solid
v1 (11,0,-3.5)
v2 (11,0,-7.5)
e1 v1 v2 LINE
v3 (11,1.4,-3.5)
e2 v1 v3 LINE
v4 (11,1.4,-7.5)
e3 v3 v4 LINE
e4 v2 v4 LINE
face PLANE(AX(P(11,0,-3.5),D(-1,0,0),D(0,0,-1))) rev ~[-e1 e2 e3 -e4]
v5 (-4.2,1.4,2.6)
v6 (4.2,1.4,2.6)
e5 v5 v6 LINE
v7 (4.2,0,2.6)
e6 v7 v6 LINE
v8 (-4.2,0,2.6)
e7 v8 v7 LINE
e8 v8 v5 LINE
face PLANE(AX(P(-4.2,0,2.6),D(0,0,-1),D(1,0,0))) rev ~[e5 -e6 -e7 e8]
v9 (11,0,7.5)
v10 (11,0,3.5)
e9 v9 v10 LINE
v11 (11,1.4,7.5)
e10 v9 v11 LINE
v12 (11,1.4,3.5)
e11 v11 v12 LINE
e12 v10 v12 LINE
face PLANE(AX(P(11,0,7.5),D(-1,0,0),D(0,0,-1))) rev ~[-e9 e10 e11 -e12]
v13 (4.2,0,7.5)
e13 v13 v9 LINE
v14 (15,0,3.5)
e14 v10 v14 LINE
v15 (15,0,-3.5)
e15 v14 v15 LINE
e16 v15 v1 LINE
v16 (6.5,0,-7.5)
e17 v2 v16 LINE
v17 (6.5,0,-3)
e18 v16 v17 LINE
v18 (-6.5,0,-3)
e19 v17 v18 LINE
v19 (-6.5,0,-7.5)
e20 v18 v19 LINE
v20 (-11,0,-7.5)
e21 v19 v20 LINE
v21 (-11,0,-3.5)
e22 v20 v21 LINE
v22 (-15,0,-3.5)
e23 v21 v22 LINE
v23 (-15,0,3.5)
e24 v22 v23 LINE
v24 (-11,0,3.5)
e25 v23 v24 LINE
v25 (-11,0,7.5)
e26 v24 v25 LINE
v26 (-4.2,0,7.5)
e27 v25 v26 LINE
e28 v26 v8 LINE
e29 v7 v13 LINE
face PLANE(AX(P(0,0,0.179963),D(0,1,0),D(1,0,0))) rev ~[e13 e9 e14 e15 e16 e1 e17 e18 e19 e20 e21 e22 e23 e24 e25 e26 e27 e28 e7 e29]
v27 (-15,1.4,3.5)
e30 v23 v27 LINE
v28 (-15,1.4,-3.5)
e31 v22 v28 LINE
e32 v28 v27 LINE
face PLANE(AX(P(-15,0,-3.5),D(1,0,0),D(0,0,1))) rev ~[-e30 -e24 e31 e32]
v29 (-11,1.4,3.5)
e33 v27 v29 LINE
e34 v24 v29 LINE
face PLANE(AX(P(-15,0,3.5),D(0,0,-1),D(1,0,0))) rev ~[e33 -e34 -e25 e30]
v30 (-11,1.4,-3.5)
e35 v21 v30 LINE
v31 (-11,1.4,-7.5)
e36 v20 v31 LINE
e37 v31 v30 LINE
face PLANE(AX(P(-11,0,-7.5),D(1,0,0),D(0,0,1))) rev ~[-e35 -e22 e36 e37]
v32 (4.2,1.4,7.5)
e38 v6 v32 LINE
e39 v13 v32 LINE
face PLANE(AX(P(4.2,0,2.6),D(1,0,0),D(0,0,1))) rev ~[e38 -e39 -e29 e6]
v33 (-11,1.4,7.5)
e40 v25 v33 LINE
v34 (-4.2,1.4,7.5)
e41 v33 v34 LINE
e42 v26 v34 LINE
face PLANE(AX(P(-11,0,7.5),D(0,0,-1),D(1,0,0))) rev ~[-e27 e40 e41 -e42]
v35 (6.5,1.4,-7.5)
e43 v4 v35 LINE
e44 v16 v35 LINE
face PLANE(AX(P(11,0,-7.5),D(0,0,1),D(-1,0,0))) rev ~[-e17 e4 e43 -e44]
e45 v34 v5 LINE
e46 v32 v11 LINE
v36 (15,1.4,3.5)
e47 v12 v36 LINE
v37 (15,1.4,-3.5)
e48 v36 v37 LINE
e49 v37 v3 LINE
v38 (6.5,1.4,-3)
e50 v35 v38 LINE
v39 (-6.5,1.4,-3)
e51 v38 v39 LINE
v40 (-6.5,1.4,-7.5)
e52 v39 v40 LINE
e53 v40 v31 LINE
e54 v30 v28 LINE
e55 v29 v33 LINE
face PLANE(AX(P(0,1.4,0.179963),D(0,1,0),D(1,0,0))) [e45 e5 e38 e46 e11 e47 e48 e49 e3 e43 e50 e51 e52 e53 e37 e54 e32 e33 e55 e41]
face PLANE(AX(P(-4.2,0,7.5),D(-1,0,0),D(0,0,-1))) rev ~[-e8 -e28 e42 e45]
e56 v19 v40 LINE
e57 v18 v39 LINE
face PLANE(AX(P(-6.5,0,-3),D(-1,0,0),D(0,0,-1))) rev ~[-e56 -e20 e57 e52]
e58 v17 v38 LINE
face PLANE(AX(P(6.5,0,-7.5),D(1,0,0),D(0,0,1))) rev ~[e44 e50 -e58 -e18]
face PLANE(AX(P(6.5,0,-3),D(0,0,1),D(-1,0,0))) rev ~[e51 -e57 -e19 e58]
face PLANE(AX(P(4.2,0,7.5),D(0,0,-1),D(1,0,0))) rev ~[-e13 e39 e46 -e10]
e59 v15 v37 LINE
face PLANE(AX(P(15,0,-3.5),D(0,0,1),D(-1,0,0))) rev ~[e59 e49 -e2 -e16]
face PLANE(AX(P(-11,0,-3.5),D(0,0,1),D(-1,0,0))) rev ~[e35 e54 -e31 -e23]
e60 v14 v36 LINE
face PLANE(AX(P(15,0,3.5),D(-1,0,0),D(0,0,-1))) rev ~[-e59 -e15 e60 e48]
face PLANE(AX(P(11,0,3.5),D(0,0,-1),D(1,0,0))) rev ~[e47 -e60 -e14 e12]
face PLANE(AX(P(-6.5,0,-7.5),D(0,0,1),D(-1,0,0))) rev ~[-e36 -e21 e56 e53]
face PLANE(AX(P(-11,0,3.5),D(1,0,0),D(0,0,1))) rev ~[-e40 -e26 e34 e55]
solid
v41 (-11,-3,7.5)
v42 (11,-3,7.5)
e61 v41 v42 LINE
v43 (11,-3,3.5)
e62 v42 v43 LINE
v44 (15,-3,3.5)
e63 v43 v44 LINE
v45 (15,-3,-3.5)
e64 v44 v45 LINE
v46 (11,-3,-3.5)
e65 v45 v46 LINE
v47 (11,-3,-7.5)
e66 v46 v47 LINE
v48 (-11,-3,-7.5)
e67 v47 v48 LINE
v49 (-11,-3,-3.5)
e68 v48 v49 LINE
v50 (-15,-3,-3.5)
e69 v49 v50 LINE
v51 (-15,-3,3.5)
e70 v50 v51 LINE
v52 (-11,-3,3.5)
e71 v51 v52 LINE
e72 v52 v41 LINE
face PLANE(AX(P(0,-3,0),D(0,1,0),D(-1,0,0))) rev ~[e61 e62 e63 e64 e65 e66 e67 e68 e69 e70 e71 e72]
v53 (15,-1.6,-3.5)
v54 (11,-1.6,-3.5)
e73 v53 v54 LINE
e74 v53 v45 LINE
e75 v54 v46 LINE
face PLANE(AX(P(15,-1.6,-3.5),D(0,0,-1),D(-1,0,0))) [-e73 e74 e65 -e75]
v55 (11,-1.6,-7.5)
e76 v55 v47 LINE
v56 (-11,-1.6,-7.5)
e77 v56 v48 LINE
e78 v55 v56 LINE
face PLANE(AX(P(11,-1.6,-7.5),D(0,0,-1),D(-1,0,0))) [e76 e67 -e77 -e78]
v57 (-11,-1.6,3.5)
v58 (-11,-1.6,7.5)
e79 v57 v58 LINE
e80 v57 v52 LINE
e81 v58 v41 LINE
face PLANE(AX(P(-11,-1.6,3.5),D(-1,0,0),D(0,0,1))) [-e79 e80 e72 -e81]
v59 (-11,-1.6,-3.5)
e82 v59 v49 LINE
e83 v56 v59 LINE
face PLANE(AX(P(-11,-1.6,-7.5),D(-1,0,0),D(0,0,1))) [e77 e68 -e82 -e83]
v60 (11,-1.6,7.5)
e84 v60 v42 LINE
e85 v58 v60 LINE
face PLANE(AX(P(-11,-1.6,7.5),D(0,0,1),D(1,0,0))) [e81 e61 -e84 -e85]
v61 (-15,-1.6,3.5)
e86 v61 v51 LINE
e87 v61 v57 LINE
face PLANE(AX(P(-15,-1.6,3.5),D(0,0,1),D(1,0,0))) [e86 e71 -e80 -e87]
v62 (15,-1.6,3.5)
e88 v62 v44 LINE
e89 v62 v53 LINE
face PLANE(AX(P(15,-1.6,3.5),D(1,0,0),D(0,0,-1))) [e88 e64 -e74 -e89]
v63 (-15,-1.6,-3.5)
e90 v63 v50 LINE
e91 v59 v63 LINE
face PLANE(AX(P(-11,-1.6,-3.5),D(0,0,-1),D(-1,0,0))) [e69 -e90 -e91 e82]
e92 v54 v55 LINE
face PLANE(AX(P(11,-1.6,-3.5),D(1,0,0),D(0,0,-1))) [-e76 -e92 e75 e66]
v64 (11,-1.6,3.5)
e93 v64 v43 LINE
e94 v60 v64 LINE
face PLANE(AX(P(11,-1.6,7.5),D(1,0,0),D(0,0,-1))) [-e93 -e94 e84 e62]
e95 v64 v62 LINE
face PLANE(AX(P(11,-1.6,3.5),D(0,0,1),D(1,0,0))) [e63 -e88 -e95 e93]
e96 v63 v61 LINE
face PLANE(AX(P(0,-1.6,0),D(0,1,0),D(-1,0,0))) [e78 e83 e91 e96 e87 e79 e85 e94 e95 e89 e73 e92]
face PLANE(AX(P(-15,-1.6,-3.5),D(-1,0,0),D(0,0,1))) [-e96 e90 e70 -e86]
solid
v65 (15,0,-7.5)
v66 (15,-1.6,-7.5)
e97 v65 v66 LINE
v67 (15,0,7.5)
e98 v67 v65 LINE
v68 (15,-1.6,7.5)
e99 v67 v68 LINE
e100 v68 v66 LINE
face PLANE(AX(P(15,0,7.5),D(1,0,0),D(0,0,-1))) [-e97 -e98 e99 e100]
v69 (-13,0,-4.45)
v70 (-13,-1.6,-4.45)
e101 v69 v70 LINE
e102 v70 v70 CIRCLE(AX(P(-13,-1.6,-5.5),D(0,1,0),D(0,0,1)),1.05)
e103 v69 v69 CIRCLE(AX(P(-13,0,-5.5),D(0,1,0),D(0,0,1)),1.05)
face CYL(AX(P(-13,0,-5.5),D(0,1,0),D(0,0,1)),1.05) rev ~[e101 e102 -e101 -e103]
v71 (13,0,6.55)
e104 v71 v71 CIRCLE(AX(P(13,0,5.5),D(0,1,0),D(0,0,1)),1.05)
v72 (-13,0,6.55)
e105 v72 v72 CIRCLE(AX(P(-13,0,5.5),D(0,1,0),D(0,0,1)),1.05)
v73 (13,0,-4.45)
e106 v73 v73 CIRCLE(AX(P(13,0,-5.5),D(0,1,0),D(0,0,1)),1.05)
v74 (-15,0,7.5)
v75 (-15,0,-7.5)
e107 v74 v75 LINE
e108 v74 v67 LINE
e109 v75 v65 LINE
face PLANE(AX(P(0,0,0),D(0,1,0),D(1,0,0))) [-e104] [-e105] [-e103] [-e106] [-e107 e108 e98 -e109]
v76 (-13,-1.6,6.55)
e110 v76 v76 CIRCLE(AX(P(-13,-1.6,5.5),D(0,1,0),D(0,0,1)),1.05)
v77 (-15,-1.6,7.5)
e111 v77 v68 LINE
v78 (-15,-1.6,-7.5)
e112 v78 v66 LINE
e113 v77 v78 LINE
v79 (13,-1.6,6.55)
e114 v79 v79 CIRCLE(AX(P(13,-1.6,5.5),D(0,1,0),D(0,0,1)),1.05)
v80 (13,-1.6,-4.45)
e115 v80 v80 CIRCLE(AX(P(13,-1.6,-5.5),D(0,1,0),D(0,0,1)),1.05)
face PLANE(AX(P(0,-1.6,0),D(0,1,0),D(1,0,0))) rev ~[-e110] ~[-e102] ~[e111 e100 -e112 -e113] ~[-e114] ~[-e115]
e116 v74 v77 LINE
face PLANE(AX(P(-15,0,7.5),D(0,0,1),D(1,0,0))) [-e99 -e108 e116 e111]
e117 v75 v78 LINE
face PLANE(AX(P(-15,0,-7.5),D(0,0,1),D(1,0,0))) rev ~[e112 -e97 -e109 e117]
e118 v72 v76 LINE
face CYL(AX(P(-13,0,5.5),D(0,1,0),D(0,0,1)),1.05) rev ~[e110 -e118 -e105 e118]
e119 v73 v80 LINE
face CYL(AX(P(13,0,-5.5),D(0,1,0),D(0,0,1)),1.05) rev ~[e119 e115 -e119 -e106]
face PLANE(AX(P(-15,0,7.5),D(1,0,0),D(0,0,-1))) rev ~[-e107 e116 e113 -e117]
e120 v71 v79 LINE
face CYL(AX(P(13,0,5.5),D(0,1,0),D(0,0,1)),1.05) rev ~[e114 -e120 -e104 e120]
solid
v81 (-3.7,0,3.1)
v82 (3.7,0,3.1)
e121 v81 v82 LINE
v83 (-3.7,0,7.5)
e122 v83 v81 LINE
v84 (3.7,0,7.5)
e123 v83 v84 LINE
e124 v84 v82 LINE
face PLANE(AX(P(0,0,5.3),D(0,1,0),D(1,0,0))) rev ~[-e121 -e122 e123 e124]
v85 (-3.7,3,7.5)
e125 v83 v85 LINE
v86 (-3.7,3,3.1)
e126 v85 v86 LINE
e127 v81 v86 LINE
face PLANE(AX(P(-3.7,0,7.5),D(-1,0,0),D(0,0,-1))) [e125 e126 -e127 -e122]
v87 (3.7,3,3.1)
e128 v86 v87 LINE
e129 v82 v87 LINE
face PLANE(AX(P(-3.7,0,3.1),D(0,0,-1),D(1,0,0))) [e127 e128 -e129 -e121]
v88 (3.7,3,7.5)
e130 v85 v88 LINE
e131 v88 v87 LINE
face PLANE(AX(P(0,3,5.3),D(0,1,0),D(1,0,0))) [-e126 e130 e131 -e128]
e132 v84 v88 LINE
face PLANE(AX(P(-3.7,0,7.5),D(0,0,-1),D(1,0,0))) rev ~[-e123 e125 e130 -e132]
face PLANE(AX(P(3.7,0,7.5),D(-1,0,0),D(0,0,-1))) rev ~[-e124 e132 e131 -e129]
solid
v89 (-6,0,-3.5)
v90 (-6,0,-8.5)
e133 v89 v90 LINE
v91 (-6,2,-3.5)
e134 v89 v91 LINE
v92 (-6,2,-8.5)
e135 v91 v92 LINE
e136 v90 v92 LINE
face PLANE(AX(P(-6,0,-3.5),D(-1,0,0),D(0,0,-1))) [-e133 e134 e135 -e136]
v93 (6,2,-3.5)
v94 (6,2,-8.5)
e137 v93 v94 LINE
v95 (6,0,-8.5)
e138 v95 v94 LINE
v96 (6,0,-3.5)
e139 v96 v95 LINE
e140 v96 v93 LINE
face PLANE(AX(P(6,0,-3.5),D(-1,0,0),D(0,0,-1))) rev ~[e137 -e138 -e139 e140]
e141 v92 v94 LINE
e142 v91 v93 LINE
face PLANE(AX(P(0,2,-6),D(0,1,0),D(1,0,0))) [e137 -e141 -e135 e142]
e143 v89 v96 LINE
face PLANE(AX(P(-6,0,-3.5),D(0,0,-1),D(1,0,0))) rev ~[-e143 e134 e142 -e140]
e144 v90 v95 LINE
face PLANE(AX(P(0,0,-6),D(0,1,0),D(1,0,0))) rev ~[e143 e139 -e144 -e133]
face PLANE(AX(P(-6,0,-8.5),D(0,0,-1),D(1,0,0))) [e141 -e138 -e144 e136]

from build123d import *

# Parameters (mm, degrees)
SKETCH1_W           = 30
SKETCH1_H           = 15
SKETCH1_R           = 1.05
BOSS_EXTRUDE1_DEPTH = 1.6
SKETCH2_W           = 12
SKETCH2_H           = 5
BOSS_EXTRUDE2_DEPTH = 2
SKETCH3_W           = 7.4
SKETCH3_H           = 4.4
BOSS_EXTRUDE3_DEPTH = 3
BOSS_EXTRUDE4_DEPTH = 1.4
BOSS_EXTRUDE5_DEPTH = 1.4


with BuildPart() as part:
    # Sketch1 → Boss-Extrude1 (new body)
    with BuildSketch(Plane(origin=(0, 0, 0), x_dir=(1, 0, 0), z_dir=(0, 1, 0))):
        Rectangle(SKETCH1_W, SKETCH1_H)
        with Locations(Location((13, 5.5, 0), (0, 0, 270))):
            Circle(SKETCH1_R, mode=Mode.SUBTRACT)
        with Locations(Location((13, -5.5, 0), (0, 0, 270))):
            Circle(SKETCH1_R, mode=Mode.SUBTRACT)
        with Locations(Location((-13, -5.5, 0), (0, 0, 270))):
            Circle(SKETCH1_R, mode=Mode.SUBTRACT)
        with Locations(Location((-13, 5.5, 0), (0, 0, 270))):
            Circle(SKETCH1_R, mode=Mode.SUBTRACT)
    extrude(amount=-BOSS_EXTRUDE1_DEPTH)


with BuildPart() as body_2:
    # Sketch2 → Boss-Extrude2 (new body)
    with BuildSketch(Plane(origin=(0, 0, 0), x_dir=(1, 0, 0), z_dir=(0, 1, 0))):
        with Locations((0, 6)):
            Rectangle(SKETCH2_W, SKETCH2_H)
    extrude(amount=BOSS_EXTRUDE2_DEPTH)


with BuildPart() as body_3:
    # Sketch3 → Boss-Extrude3 (new body)
    with BuildSketch(Plane(origin=(0, 0, 0), x_dir=(1, 0, 0), z_dir=(0, 1, 0))):
        with Locations((0, -5.3)):
            Rectangle(SKETCH3_W, SKETCH3_H)
    extrude(amount=BOSS_EXTRUDE3_DEPTH)


with BuildPart() as body_4:
    # Sketch4 → Boss-Extrude4 (new body)
    with BuildSketch(Plane.XZ.offset(1.6)):
        Polygon((-15, 3.5), (-11, 3.5), (-11, 7.5), (11, 7.5), (11, 3.5), (15, 3.5), (15, -3.5), (11, -3.5), (11, -7.5), (-11, -7.5), (-11, -3.5), (-15, -3.5), align=None)
    extrude(amount=BOSS_EXTRUDE4_DEPTH)


with BuildPart() as body_5:
    # Sketch5 → Boss-Extrude5 (new body)
    with BuildSketch(Plane(origin=(0, 0, 0), x_dir=(1, 0, 0), z_dir=(0, 1, 0))):
        Polygon((-11, -3.5), (-11, -7.5), (-4.2, -7.5), (-4.2, -2.6), (4.2, -2.6), (4.2, -7.5), (11, -7.5), (11, -3.5), (15, -3.5), (15, 3.5), (11, 3.5), (11, 7.5), (6.5, 7.5), (6.5, 3), (-6.5, 3), (-6.5, 7.5), (-11, 7.5), (-11, 3.5), (-15, 3.5), (-15, -3.5), align=None)
    extrude(amount=BOSS_EXTRUDE5_DEPTH)


solid = Compound([part.part, body_2.part, body_3.part, body_4.part, body_5.part])
